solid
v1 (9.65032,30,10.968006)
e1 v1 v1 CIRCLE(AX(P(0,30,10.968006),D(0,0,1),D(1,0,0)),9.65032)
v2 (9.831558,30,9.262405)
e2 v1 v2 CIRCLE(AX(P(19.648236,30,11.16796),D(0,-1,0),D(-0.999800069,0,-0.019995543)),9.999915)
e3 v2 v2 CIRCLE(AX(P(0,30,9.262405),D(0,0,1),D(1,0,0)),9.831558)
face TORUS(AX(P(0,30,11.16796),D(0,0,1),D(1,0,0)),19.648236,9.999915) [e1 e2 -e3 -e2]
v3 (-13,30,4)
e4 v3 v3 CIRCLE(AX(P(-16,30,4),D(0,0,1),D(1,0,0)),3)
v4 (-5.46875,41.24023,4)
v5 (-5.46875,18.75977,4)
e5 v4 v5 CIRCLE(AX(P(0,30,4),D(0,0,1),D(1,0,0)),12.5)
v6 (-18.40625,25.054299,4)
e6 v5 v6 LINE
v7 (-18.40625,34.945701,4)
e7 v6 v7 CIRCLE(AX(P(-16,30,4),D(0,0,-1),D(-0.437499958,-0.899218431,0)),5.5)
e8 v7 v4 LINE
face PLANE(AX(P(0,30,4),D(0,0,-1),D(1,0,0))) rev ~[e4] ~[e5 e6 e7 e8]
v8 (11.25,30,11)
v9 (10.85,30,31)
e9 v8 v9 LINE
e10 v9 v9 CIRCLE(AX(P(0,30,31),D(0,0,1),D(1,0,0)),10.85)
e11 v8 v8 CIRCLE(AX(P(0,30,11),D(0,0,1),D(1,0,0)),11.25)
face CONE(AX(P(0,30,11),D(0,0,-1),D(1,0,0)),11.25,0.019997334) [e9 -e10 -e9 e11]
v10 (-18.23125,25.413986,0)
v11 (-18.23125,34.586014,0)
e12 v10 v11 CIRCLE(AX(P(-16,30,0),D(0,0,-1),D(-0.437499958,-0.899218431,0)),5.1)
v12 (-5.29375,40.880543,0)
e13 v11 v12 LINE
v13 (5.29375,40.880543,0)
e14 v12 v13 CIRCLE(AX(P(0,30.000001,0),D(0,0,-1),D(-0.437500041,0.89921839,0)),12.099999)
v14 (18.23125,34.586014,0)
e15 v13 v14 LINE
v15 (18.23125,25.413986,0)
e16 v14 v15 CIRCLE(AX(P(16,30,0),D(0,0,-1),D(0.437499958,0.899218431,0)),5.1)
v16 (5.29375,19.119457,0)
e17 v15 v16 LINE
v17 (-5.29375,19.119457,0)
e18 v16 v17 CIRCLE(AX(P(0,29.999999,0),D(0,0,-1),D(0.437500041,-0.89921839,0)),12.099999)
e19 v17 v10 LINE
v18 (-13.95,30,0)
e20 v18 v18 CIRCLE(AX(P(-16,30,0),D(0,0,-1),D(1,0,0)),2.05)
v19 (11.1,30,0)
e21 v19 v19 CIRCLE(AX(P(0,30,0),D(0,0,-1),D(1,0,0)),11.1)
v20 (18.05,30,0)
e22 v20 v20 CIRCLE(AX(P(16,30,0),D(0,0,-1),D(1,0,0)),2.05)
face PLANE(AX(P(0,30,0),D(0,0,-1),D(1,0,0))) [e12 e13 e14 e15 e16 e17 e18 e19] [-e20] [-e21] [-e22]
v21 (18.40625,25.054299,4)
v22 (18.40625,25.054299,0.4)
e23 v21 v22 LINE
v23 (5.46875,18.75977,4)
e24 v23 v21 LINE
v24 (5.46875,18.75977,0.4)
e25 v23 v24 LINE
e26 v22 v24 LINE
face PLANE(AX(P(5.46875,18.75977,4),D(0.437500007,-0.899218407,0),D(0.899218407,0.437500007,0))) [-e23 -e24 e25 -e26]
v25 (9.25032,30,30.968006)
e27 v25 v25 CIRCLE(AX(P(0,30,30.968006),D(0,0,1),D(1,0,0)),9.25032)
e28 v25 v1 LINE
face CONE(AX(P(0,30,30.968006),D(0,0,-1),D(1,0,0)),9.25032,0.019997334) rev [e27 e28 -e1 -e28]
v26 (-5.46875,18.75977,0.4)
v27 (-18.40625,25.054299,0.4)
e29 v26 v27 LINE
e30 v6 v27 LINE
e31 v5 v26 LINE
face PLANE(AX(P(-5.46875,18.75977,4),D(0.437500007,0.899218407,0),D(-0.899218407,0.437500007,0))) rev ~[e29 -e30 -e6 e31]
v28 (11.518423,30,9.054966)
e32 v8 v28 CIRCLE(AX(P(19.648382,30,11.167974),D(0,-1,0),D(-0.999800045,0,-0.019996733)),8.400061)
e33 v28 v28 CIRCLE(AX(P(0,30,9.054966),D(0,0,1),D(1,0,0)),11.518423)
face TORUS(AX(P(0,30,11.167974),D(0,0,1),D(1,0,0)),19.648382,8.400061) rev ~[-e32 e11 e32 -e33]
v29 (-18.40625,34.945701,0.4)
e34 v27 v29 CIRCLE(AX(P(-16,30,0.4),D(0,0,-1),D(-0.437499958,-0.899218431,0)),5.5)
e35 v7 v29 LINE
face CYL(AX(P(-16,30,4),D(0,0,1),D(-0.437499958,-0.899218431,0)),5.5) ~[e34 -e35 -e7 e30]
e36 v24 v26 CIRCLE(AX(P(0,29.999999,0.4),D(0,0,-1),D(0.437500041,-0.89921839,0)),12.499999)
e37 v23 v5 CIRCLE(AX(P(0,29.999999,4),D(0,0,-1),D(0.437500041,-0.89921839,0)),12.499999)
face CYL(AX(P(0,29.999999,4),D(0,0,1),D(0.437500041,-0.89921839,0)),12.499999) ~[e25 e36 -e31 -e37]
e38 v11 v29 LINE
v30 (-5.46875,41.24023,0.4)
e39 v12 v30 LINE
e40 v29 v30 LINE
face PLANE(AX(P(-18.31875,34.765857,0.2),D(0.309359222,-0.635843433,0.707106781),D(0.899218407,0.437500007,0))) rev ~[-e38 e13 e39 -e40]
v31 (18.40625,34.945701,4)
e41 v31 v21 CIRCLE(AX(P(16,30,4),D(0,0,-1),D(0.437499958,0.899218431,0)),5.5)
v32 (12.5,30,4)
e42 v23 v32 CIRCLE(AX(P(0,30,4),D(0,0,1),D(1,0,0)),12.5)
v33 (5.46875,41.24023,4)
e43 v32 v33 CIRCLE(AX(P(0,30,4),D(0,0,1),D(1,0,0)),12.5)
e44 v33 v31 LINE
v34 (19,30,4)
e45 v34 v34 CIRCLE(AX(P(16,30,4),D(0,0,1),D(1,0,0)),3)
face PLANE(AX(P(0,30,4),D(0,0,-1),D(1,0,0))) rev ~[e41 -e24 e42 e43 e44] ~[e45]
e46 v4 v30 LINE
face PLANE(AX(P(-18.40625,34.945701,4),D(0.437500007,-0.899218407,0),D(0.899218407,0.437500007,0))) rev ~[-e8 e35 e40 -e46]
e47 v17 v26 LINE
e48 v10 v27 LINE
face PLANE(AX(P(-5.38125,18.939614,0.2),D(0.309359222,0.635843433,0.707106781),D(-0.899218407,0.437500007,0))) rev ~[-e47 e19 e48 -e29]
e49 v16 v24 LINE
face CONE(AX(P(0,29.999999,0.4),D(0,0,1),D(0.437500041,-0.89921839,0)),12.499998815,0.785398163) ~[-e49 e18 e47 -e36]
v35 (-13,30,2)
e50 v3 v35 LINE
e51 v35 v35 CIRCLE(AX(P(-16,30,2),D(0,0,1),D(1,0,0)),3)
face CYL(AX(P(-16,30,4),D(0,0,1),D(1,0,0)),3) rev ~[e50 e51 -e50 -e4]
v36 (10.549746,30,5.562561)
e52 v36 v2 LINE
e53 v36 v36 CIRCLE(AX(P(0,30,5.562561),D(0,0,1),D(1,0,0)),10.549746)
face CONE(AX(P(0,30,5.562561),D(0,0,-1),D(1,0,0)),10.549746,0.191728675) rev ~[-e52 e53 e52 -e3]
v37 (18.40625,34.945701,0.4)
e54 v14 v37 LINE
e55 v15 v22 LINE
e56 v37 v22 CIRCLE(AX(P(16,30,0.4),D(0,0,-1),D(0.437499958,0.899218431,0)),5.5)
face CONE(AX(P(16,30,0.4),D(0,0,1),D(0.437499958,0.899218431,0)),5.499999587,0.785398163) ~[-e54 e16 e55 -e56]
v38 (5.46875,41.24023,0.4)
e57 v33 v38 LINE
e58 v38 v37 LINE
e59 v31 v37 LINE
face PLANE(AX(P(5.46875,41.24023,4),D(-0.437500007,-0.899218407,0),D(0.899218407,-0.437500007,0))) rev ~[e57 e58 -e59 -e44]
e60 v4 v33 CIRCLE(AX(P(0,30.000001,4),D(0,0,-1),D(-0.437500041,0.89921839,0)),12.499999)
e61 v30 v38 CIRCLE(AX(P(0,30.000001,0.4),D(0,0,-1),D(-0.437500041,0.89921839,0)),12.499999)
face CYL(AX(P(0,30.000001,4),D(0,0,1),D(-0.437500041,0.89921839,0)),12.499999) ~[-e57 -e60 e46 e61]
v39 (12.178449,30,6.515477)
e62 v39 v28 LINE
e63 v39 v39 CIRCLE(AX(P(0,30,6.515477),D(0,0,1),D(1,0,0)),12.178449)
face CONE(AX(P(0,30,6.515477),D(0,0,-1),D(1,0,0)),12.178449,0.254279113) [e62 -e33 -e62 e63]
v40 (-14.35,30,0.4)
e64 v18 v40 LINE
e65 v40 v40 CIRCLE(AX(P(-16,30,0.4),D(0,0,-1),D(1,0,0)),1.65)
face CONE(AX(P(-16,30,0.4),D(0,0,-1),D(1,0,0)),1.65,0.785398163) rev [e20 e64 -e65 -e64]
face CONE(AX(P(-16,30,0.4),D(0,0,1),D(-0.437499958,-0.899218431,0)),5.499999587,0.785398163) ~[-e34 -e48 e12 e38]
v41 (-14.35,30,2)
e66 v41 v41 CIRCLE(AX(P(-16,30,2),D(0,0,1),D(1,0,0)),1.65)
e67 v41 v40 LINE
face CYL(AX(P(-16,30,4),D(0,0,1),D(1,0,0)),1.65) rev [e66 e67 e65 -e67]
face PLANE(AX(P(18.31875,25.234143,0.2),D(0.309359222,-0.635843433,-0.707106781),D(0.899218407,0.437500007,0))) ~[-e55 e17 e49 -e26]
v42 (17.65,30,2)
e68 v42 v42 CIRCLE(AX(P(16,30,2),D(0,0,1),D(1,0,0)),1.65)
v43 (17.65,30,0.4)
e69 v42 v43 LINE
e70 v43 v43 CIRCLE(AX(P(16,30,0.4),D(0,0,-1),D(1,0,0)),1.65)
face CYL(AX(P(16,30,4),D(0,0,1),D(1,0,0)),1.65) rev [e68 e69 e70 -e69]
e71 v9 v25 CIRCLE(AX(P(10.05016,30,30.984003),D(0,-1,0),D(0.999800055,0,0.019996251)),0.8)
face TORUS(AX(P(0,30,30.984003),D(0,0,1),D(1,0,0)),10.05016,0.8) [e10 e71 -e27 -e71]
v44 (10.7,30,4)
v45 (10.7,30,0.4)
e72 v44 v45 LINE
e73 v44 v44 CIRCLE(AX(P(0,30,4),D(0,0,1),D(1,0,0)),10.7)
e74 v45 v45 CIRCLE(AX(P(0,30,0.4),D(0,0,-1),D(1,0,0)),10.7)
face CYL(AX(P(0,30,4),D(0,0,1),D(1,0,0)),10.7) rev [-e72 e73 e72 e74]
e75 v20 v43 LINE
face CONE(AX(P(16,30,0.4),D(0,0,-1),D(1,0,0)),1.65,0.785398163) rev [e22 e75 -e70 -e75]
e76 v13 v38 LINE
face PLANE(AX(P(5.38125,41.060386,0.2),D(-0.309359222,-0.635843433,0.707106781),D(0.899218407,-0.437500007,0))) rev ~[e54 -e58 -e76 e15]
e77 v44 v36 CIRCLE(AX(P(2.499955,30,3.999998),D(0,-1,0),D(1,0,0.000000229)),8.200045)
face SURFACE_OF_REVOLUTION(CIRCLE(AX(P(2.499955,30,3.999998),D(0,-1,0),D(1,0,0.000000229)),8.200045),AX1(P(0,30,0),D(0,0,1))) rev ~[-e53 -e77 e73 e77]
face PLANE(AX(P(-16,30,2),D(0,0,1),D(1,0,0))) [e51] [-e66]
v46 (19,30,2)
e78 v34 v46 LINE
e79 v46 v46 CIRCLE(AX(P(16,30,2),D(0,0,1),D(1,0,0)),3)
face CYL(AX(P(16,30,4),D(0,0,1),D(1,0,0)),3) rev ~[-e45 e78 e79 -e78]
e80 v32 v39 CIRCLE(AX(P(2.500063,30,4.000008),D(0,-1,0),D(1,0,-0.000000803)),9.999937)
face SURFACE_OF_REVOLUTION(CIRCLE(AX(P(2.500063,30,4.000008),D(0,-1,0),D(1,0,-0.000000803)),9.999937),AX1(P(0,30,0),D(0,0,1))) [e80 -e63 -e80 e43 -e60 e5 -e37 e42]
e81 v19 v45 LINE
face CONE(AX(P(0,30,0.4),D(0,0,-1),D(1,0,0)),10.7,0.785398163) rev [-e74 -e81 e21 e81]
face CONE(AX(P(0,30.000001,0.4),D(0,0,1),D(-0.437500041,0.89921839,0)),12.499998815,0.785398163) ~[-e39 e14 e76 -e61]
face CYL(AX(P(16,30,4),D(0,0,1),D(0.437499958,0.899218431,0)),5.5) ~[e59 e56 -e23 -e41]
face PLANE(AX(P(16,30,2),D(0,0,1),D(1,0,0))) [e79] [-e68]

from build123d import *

# Parameters (mm, degrees)
SKETCH023_R     = 10.7
SKETCH023_R_2   = 1.65
PAD002_DEPTH    = 4
SKETCH022_R     = 3
POCKET002_DEPTH = 2
CHAMFER002_SIZE = 0.4


with BuildPart() as part:
    # Sketch021 (on XZ_Plane004 of Origin012) → Revolution002 (revolve)
    with BuildSketch(Plane.XZ):
        with BuildLine():
            Line((11.25, 11), (10.85, 31))
            ThreePointArc((10.85, 31), (10.034163, 31.783843), (9.25032, 30.968006))
            Line((9.25032, 30.968006), (9.65032, 10.968006))
            ThreePointArc((9.65032, 10.968006), (9.704303, 10.111313), (9.831558, 9.262405))
            Line((10.549746, 5.562561), (9.831558, 9.262405))
            ThreePointArc((10.7, 4), (10.66235, 4.784884), (10.549746, 5.562561))
            Line((10.7, 4), (12.5, 4))
            ThreePointArc((12.5, 4), (12.419287, 5.267973), (12.178449, 6.515477))
            Line((12.178449, 6.515477), (11.518423, 9.054966))
            ThreePointArc((11.25, 11), (11.327186, 10.019613), (11.518423, 9.054966))
        make_face()
    revolve(axis=Axis((0, 0, 0), (0, 0, 1)))

    # Sketch023 (on Face1 of Revolution002) → Pad002 (new body)
    with BuildSketch(Plane(origin=(0, 0, 4), x_dir=(1, 0, 0), z_dir=(0, 0, -1))):
        with BuildLine():
            ThreePointArc((5.46875, 11.24023), (0, 12.5), (-5.46875, 11.24023))
            Line((-5.46875, 11.24023), (-18.40625, 4.945701))
            ThreePointArc((-18.40625, 4.945701), (-21.5, 0), (-18.40625, -4.945701))
            Line((-18.40625, -4.945701), (-5.46875, -11.24023))
            ThreePointArc((-5.46875, -11.24023), (0, -12.5), (5.46875, -11.24023))
            Line((5.46875, -11.24023), (18.40625, -4.945701))
            ThreePointArc((18.40625, -4.945701), (21.5, 0), (18.40625, 4.945701))
            Line((5.46875, 11.24023), (18.40625, 4.945701))
        make_face()
        Circle(SKETCH023_R, mode=Mode.SUBTRACT)
        with Locations((-16, 0)):
            Circle(SKETCH023_R_2, mode=Mode.SUBTRACT)
        with Locations((16, 0)):
            Circle(SKETCH023_R_2, mode=Mode.SUBTRACT)
    extrude(amount=PAD002_DEPTH)

    # Sketch022 (on Face3 of Pad002) → Pocket002 (cut)
    with BuildSketch(Plane.XY.offset(4)):
        with Locations((-16, 0)):
            Circle(SKETCH022_R)
        with Locations((16, 0)):
            Circle(SKETCH022_R)
    extrude(amount=-POCKET002_DEPTH, mode=Mode.SUBTRACT)

    # Chamfer002
    chamfer002_edges = [part.edges().sort_by_distance(p)[0] for p in [
        (-10.7, 0, 0),
        (-17.65, 0, 0),
        (14.35, 0, 0),
        (-11.9375, 8.092966, 0),
    ]]
    chamfer(chamfer002_edges, length=CHAMFER002_SIZE)


with BuildPart() as part_1:
    # Body005 placement: moved
    add(part.part.moved(Location((0, 30, 0))))


solid = part_1.part
